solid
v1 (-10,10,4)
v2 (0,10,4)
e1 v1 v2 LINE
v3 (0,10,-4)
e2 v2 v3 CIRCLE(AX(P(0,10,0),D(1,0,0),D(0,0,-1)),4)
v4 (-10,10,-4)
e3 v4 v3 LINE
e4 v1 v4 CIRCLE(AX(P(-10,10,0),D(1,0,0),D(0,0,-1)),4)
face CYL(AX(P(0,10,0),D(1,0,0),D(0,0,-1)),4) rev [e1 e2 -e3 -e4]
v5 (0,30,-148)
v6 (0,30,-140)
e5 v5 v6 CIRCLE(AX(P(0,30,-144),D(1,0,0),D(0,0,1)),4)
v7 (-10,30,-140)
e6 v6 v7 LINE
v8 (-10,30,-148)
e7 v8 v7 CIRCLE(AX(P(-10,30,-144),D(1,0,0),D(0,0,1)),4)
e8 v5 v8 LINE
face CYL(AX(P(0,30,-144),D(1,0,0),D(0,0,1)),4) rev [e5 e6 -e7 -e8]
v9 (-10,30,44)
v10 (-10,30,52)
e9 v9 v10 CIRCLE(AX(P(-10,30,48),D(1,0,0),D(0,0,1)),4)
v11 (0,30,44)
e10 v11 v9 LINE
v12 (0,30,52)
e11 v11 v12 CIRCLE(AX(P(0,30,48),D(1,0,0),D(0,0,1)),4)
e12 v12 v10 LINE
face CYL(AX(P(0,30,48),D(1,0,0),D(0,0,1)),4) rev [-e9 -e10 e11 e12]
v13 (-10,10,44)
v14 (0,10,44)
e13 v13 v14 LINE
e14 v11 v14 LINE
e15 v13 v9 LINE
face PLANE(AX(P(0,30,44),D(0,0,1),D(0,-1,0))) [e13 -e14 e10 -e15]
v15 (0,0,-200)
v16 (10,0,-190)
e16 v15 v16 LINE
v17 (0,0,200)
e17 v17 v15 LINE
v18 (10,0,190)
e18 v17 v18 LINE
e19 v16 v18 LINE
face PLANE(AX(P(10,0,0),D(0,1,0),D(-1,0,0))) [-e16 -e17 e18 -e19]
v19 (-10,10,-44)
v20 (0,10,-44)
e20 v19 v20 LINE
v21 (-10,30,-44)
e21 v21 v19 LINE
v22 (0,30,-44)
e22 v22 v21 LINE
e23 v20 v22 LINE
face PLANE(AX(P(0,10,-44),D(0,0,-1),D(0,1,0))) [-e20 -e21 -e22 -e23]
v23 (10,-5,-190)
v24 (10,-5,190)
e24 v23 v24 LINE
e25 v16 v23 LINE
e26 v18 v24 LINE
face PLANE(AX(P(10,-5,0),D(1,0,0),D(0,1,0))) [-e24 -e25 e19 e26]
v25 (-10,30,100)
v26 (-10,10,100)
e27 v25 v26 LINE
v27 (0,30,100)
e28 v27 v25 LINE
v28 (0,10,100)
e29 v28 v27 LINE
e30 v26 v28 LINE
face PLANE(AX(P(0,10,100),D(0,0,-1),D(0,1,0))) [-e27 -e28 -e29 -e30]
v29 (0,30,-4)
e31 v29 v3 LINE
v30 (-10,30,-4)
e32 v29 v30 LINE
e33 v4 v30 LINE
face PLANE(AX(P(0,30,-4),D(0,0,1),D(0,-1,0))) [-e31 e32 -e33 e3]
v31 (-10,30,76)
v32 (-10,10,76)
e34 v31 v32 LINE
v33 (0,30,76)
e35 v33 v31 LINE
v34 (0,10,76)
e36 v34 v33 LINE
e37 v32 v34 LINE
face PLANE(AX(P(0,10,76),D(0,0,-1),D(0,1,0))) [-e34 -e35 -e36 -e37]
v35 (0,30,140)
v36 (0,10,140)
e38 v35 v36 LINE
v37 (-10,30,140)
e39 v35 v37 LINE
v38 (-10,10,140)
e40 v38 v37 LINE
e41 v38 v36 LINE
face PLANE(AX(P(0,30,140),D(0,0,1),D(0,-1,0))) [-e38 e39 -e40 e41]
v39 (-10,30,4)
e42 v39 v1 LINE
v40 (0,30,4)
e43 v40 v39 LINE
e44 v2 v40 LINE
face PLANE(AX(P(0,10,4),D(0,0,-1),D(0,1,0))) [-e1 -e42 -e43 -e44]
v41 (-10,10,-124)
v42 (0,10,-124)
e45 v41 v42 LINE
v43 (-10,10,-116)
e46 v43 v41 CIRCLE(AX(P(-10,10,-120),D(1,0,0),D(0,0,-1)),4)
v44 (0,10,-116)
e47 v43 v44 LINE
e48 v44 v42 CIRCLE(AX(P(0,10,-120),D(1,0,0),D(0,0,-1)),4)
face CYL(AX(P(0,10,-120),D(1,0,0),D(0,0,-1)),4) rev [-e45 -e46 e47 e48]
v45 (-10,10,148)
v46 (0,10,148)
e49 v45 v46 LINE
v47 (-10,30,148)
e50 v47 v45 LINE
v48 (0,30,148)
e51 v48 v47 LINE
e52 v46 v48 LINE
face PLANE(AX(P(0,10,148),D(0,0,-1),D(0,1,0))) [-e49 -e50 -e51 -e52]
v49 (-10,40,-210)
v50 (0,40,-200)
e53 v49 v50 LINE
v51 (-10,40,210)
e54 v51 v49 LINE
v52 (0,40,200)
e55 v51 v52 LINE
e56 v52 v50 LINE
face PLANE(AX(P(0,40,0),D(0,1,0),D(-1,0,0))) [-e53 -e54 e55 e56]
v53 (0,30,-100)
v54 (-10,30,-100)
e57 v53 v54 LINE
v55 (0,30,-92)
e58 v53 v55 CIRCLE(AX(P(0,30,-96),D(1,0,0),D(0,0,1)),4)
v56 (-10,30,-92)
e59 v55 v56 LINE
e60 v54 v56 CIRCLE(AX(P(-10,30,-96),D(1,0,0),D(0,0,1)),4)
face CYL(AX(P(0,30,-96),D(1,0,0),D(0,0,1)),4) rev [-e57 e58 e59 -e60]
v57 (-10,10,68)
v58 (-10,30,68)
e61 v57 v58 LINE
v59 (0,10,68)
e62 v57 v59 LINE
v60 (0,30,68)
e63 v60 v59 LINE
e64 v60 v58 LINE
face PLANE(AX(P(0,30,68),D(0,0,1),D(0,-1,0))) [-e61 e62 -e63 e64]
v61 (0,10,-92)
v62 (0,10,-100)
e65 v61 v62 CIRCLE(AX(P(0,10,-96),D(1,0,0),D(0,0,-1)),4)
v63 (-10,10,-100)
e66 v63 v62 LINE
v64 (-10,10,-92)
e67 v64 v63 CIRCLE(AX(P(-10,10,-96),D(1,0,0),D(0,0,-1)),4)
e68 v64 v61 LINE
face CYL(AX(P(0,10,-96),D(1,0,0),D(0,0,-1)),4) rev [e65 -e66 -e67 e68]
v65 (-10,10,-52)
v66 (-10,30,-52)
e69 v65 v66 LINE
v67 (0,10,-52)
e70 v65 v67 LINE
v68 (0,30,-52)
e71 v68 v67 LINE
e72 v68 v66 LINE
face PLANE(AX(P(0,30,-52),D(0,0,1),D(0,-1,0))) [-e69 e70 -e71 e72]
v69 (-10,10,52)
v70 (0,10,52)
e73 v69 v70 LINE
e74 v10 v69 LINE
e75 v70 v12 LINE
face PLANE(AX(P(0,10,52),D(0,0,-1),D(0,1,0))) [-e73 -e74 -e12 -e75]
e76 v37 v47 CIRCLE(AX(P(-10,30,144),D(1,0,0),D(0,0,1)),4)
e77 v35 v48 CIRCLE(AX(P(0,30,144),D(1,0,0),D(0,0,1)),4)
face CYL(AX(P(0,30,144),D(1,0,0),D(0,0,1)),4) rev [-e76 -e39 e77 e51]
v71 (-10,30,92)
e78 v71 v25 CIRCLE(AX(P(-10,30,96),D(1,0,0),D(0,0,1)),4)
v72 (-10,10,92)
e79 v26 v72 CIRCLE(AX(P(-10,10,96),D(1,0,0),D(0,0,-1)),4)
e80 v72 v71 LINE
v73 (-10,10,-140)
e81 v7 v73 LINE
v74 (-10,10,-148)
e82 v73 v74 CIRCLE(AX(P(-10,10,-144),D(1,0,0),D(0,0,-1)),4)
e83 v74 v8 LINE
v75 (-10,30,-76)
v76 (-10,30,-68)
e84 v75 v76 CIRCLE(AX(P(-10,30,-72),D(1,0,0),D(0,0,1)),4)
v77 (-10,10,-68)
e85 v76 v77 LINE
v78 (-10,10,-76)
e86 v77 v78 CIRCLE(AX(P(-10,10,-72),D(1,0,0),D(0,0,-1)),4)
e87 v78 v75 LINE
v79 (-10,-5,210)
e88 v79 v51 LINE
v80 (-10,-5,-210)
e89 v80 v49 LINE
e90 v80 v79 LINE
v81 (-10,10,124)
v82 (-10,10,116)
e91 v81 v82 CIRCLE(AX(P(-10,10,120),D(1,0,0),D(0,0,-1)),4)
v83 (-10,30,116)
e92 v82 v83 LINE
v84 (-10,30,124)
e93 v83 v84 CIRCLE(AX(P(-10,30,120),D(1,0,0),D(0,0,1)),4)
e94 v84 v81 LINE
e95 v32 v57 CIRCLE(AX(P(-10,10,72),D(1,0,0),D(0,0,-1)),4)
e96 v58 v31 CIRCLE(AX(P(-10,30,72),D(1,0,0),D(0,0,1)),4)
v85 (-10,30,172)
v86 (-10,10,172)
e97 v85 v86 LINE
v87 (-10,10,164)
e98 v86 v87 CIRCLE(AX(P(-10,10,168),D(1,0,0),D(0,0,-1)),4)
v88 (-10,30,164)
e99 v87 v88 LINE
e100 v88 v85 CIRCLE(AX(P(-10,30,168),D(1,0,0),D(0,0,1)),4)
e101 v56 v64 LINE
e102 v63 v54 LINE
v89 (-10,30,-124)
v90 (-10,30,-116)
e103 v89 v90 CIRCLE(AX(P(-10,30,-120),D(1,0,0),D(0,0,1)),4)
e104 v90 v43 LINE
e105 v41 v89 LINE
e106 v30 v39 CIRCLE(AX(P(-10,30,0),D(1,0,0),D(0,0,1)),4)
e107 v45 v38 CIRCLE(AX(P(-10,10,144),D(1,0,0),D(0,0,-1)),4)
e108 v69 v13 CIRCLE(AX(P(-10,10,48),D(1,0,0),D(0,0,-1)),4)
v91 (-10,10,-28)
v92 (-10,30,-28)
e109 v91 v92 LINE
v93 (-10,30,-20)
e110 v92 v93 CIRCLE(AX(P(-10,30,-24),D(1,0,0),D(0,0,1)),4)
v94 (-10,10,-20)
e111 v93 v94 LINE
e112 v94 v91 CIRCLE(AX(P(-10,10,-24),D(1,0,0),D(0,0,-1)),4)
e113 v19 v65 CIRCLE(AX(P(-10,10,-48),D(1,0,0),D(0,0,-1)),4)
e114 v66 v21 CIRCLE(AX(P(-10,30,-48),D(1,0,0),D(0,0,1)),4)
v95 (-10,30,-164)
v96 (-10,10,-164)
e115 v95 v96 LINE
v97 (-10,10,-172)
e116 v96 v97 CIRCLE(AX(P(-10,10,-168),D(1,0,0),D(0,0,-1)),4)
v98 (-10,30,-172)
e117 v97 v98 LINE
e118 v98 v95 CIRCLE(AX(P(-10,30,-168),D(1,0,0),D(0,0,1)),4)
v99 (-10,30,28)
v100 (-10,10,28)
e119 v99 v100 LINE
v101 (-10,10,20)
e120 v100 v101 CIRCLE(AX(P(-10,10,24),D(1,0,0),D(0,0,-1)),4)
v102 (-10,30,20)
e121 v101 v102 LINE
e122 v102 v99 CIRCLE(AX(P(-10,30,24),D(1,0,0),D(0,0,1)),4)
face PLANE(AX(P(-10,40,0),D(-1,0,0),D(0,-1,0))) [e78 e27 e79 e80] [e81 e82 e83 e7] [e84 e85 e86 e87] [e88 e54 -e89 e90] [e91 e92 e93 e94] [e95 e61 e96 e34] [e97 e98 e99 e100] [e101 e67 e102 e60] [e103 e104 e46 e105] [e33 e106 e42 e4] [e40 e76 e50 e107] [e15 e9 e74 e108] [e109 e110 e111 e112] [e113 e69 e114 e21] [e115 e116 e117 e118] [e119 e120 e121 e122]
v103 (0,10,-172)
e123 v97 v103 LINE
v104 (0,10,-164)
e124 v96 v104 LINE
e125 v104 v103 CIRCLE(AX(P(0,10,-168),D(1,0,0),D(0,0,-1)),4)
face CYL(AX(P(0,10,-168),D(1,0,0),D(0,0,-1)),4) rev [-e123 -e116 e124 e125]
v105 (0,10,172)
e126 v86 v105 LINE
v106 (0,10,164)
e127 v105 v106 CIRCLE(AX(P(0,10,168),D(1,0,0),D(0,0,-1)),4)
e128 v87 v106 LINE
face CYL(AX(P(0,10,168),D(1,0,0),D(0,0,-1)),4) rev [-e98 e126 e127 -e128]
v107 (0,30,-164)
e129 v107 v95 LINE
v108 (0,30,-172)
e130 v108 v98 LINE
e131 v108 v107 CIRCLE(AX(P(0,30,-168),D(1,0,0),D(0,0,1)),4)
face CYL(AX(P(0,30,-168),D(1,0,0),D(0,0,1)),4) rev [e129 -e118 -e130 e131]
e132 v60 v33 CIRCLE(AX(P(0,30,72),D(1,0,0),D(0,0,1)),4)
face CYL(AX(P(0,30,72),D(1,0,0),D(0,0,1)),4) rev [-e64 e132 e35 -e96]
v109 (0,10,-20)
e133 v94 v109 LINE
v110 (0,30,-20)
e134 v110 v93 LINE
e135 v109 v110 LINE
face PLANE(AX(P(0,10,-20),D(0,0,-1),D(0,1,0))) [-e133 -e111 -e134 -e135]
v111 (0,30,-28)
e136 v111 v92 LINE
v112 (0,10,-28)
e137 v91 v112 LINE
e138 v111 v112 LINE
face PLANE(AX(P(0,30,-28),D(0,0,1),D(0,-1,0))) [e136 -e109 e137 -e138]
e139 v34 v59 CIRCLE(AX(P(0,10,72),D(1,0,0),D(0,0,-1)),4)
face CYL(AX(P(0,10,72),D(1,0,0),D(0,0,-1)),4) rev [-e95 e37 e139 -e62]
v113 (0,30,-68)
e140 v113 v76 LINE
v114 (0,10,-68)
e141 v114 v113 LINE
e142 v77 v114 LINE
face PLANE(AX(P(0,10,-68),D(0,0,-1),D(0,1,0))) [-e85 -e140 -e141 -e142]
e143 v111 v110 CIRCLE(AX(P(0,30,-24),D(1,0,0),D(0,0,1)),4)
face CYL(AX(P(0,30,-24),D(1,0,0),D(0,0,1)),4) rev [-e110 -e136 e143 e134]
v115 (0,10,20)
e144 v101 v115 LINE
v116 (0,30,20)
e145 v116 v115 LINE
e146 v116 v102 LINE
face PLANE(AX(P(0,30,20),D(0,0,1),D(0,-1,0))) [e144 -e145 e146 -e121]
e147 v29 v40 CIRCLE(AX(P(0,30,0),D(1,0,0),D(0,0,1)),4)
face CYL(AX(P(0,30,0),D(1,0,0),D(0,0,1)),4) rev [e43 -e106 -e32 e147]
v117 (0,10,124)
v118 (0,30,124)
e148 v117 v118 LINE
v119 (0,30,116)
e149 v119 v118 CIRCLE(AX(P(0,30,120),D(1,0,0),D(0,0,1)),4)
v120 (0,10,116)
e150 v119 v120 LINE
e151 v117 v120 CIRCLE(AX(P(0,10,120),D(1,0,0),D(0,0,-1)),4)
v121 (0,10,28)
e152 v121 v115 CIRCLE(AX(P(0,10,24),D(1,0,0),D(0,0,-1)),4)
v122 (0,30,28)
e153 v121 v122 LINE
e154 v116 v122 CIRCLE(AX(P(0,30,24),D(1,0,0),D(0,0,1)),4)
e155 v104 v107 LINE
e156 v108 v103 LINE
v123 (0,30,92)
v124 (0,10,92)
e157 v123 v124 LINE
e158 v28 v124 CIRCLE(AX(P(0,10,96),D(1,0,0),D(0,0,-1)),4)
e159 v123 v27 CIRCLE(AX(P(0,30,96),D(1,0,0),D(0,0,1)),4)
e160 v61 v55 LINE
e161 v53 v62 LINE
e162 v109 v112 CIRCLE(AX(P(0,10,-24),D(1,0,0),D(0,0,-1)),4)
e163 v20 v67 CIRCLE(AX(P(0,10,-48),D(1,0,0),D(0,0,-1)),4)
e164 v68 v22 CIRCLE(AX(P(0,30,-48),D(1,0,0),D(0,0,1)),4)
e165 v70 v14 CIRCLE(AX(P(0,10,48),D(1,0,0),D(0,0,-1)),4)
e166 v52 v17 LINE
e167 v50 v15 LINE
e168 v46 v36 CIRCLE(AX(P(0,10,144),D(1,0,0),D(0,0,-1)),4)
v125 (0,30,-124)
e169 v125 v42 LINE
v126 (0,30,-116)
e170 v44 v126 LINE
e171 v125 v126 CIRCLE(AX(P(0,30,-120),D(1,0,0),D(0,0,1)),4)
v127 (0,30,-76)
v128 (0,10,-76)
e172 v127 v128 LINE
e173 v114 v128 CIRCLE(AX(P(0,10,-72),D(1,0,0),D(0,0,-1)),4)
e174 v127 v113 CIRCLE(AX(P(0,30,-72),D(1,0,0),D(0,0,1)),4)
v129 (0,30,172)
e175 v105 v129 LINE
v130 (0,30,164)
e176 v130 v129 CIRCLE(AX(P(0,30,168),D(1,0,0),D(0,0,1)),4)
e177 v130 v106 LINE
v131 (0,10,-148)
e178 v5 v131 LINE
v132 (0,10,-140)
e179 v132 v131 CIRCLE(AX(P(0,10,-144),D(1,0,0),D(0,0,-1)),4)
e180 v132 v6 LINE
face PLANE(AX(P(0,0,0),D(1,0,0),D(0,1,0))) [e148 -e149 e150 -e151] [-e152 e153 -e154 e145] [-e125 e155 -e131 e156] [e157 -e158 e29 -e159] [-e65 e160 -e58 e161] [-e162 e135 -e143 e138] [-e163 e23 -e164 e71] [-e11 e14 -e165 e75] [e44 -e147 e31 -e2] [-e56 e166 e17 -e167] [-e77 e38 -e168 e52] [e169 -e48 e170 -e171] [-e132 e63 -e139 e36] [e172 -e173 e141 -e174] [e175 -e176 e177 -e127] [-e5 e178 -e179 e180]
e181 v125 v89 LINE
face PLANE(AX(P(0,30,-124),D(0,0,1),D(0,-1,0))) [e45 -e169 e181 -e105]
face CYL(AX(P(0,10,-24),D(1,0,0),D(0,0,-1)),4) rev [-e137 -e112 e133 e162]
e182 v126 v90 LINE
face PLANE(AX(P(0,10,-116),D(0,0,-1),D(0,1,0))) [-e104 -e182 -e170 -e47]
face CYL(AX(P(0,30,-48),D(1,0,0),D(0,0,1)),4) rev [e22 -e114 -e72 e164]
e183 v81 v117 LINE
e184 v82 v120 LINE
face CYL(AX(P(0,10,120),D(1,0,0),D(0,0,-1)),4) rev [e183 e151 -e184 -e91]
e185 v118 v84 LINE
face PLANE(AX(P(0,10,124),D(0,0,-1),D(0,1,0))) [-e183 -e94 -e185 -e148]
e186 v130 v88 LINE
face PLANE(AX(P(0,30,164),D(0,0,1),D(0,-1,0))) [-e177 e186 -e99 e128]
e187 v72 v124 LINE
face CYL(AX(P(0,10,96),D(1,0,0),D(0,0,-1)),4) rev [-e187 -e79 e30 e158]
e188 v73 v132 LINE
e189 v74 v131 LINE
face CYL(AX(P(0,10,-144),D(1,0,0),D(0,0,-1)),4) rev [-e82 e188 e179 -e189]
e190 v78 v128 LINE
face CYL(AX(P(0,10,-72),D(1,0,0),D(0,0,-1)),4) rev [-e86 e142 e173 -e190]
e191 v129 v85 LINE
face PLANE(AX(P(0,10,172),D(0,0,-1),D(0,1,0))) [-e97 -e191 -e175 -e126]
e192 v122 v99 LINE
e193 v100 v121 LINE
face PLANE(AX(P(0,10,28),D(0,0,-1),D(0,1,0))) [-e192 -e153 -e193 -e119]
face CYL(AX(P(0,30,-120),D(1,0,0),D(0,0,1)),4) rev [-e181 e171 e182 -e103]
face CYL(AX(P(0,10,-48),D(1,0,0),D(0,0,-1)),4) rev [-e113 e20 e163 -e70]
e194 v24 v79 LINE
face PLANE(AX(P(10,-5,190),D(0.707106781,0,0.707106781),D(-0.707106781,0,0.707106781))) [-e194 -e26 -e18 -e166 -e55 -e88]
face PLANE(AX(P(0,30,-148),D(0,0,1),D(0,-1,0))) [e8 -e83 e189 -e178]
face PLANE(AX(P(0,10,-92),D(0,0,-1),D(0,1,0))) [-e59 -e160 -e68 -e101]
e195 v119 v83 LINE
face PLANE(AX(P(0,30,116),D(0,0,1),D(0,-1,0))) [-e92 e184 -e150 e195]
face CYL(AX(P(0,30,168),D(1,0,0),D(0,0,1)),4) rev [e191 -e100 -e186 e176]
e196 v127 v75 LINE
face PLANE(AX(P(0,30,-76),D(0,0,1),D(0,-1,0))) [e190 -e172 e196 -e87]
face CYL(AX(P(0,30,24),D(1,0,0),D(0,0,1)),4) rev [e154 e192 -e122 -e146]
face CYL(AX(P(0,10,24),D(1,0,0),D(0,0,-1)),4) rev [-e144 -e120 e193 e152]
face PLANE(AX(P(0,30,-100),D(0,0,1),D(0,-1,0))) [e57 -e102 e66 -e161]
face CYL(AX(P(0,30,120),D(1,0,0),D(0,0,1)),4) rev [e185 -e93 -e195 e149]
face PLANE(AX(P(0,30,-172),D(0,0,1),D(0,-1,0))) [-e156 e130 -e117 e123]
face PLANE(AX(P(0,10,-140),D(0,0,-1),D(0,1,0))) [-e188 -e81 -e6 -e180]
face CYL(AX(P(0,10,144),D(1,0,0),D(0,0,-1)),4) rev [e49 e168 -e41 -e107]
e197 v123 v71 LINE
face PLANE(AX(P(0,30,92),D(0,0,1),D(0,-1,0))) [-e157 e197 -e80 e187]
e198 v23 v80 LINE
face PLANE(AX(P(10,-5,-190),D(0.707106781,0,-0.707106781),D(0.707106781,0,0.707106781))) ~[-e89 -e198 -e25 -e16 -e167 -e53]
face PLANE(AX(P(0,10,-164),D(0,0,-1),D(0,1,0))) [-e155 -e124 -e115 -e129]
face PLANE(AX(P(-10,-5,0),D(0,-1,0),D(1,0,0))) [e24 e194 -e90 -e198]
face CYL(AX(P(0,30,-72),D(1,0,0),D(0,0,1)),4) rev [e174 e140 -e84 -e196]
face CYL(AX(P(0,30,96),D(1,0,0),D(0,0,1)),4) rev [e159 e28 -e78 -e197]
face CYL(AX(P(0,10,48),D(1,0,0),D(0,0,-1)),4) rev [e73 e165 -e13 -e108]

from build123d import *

# Parameters (mm, degrees)
BOSS_EXTRU_1_DEPTH             = 300
ENL_V_MAT_EXTRU_1_DEPTH        = 304.521004216
ENL_V_MAT_EXTRU_2_DEPTH        = 215.00934559
R_P_TITION_LIN_AIRE1_COUNT     = 8
R_P_TITION_LIN_AIRE1_PITCH     = 24
R_P_TITION_LIN_AIRE1_COL_COUNT = 8
R_P_TITION_LIN_AIRE1_COL_PITCH = 24


with BuildPart() as part:
    # Esquisse1 → Boss.-Extru.1 (new, symmetric)
    with BuildSketch(Plane.XY):
        Polygon((-10, 40), (-10, -5), (10, -5), (10, 0), (0, 0), (0, 40), align=None)
    extrude(amount=BOSS_EXTRU_1_DEPTH, both=True)

    # Esquisse2 → Enlèv. mat.-Extru.1 (cut, symmetric)
    with BuildSketch(Plane.XZ.offset(5)):
        Polygon((10, 190), (-10, 210), (-10, 300), (10, 300), align=None)
    enl_v_mat_extru_1 = extrude(amount=ENL_V_MAT_EXTRU_1_DEPTH, both=True, mode=Mode.SUBTRACT)

    # Symétrie1: Enlèv. mat.-Extru.1 across plane
    add(enl_v_mat_extru_1.mirror(Plane.XY), mode=Mode.SUBTRACT)

    # Esquisse3 → Enlèv. mat.-Extru.2 (cut, symmetric)
    with BuildSketch(Plane(origin=(0, 0, 0), x_dir=(0, 0, -1), z_dir=(1, 0, 0))):
        with BuildLine():
            Line((-4, 10), (-4, 30))
            ThreePointArc((-4, 30), (0, 34), (4, 30))
            Line((4, 30), (4, 10))
            ThreePointArc((4, 10), (0, 6), (-4, 10))
        make_face()
    enl_v_mat_extru_2 = extrude(amount=ENL_V_MAT_EXTRU_2_DEPTH, both=True, mode=Mode.SUBTRACT)

    # Répétition linéaire1: Enlèv. mat.-Extru.2 ×8
    with Locations(*[(0, 0, i * R_P_TITION_LIN_AIRE1_PITCH) for i in range(1, R_P_TITION_LIN_AIRE1_COUNT)]):
        add(enl_v_mat_extru_2, mode=Mode.SUBTRACT)

    # Répétition linéaire1 col: Enlèv. mat.-Extru.2 ×8
    with Locations(*[(0, 0, -i * R_P_TITION_LIN_AIRE1_COL_PITCH) for i in range(1, R_P_TITION_LIN_AIRE1_COL_COUNT)]):
        add(enl_v_mat_extru_2, mode=Mode.SUBTRACT)


solid = part.part
